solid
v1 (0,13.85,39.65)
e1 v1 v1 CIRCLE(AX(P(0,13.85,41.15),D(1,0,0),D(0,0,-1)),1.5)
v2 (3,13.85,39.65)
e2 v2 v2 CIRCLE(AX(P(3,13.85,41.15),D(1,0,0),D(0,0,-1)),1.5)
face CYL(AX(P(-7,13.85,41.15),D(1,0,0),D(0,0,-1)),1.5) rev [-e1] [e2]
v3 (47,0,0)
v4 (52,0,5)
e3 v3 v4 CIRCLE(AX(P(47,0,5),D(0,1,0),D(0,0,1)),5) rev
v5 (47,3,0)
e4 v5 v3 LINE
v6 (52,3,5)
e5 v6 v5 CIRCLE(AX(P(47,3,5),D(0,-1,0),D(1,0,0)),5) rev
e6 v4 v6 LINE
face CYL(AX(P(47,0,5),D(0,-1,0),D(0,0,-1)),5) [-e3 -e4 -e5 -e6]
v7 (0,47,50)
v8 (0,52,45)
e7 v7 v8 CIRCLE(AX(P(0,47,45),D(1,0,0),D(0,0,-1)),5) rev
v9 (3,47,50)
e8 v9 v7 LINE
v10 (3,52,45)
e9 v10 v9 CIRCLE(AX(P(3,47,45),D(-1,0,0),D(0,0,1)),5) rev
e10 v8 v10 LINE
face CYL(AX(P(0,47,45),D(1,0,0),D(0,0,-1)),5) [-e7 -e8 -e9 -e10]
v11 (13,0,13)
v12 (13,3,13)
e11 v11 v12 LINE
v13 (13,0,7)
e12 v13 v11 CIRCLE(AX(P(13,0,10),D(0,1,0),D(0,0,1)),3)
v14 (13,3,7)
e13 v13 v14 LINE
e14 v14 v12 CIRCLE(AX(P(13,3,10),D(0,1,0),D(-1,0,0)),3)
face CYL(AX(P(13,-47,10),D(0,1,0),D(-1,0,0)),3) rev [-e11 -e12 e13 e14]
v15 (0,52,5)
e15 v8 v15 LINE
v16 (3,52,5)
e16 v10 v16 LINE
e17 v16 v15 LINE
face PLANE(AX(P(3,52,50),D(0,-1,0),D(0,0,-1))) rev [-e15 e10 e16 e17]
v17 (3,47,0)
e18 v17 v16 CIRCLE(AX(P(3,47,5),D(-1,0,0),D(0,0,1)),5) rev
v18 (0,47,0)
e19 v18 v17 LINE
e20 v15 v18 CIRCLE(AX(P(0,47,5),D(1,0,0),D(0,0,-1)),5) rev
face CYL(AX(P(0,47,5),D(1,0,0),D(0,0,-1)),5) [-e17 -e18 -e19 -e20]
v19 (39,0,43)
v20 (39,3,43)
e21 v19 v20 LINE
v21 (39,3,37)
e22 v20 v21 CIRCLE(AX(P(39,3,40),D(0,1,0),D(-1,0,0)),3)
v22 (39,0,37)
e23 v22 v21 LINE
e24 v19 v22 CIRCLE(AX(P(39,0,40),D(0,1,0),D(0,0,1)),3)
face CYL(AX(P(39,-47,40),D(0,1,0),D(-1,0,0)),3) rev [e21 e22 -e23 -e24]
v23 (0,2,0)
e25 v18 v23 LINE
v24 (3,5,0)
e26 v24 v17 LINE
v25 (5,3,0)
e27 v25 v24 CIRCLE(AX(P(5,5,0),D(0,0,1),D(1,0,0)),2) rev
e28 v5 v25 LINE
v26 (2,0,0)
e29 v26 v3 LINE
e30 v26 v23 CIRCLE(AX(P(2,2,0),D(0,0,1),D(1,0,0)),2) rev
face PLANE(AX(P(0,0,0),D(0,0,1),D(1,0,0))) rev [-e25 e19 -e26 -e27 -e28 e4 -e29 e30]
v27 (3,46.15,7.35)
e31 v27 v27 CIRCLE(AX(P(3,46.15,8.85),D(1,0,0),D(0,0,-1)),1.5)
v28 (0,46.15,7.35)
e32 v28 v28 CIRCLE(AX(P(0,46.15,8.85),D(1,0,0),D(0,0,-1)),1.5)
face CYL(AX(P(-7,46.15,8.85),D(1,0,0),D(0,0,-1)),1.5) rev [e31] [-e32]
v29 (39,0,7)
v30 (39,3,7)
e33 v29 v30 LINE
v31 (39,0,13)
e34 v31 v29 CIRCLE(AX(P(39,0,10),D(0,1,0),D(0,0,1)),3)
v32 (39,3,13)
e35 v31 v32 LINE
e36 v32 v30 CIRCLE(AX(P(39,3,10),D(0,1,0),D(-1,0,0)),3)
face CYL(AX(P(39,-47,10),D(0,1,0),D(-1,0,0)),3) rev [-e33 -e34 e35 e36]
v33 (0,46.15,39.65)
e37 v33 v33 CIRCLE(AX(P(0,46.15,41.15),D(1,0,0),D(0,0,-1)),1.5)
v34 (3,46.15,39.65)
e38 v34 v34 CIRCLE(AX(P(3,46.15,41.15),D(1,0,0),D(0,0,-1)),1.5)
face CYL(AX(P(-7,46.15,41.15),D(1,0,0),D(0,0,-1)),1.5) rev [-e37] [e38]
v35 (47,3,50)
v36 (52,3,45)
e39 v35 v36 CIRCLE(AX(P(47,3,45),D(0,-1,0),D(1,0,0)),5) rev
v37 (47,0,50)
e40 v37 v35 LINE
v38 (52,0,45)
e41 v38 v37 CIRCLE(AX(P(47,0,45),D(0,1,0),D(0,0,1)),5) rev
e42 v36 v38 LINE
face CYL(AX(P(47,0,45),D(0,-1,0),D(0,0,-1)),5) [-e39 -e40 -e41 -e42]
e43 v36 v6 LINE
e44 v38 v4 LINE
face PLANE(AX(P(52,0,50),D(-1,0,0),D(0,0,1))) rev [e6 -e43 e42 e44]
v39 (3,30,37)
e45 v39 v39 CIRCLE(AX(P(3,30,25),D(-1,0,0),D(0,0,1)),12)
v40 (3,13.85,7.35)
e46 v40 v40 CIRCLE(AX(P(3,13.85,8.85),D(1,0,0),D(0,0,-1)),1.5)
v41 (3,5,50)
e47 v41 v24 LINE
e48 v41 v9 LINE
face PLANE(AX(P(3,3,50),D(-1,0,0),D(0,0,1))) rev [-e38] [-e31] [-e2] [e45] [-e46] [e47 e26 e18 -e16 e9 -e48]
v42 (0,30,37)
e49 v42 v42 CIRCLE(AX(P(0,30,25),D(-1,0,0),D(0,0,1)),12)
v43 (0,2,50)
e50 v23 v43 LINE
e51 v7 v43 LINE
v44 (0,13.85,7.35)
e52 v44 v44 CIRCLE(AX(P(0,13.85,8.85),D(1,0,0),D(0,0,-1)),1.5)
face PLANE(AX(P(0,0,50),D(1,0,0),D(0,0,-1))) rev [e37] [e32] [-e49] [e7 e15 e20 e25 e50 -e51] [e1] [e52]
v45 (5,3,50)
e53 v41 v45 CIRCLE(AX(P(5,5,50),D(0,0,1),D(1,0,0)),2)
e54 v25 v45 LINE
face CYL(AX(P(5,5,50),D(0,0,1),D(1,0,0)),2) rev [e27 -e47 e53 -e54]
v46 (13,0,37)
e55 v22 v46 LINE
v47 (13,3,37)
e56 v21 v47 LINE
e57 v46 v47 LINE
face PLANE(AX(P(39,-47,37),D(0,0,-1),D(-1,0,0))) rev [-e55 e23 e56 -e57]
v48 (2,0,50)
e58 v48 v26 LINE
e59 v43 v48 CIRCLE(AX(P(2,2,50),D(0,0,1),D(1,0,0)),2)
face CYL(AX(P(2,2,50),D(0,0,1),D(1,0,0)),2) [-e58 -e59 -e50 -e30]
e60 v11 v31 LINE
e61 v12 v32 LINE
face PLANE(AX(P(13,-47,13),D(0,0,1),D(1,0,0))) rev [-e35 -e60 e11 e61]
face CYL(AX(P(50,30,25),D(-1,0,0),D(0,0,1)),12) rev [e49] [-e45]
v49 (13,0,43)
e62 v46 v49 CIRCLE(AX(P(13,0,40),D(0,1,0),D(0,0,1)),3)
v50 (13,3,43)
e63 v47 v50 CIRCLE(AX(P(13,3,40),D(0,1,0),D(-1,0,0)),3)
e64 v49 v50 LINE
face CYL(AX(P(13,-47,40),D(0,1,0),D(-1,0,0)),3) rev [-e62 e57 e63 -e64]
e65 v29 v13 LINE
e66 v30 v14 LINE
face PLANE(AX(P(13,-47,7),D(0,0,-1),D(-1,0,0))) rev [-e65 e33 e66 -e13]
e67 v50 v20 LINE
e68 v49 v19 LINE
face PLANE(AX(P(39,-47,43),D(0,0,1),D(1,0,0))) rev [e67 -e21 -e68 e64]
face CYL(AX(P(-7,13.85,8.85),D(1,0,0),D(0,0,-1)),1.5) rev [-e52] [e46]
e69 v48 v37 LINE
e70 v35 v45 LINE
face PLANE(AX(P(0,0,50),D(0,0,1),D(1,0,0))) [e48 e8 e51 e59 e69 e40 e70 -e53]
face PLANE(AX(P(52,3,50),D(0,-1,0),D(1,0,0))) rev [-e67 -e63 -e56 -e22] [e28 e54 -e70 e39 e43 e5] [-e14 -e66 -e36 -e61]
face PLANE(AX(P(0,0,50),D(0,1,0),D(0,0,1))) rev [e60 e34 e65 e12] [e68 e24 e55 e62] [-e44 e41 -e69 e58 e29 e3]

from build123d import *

# Parameters (mm, degrees)
BOSS_EXTRUDE1_DEPTH = 50
FILLET1_R           = 2
FILLET2_R           = 5
FILLET3_R           = 5
FILLET4_R           = 5
FILLET5_R           = 5
FILLET6_R           = 2
CUT_EXTRUDE1_DEPTH  = 50
SKETCH3_R           = 12
CUT_EXTRUDE2_DEPTH  = 50
SKETCH4_R           = 1.5
CUT_EXTRUDE3_DEPTH  = 10


with BuildPart() as part:
    # Sketch1 → Boss-Extrude1 (new body)
    with BuildSketch(Plane.XY):
        Polygon((0, 0), (52, 0), (52, 3), (3, 3), (3, 52), (0, 52), align=None)
    extrude(amount=BOSS_EXTRUDE1_DEPTH)

    # Fillet1
    fillet1_edges = [part.edges().sort_by_distance(p)[0] for p in [
        (0, 0, 25),
    ]]
    fillet(fillet1_edges, radius=FILLET1_R)

    # Fillet2
    fillet2_edges = [part.edges().sort_by_distance(p)[0] for p in [
        (1.5, 52, 50),
    ]]
    fillet(fillet2_edges, radius=FILLET2_R)

    # Fillet3
    fillet3_edges = [part.edges().sort_by_distance(p)[0] for p in [
        (52, 1.5, 50),
    ]]
    fillet(fillet3_edges, radius=FILLET3_R)

    # Fillet4
    fillet4_edges = [part.edges().sort_by_distance(p)[0] for p in [
        (52, 1.5, 0),
    ]]
    fillet(fillet4_edges, radius=FILLET4_R)

    # Fillet5
    fillet5_edges = [part.edges().sort_by_distance(p)[0] for p in [
        (1.5, 52, 0),
    ]]
    fillet(fillet5_edges, radius=FILLET5_R)

    # Fillet6
    fillet6_edges = [part.edges().sort_by_distance(p)[0] for p in [
        (3, 3, 25),
    ]]
    fillet(fillet6_edges, radius=FILLET6_R)

    # Sketch2 → Cut-Extrude1 (cut)
    with BuildSketch(Plane(origin=(0, 3, 0), x_dir=(1, 0, 0), z_dir=(0, 1, 0))):
        with BuildLine():
            Line((39, -43), (13, -43))
            ThreePointArc((13, -43), (10, -40), (13, -37))
            Line((13, -37), (39, -37))
            ThreePointArc((39, -37), (42, -40), (39, -43))
        make_face()
        with BuildLine():
            Line((13, -7), (39, -7))
            ThreePointArc((39, -7), (42, -10), (39, -13))
            Line((39, -13), (13, -13))
            ThreePointArc((13, -13), (10, -10), (13, -7))
        make_face()
    extrude(amount=-CUT_EXTRUDE1_DEPTH, mode=Mode.SUBTRACT)

    # Sketch3 → Cut-Extrude2 (cut)
    with BuildSketch(Plane.ZY):
        with Locations((25, 30)):
            Circle(SKETCH3_R)
    extrude(amount=-CUT_EXTRUDE2_DEPTH, mode=Mode.SUBTRACT)

    # Sketch4 → Cut-Extrude3 (cut)
    with BuildSketch(Plane(origin=(3, 0, 0), x_dir=(0, 0, -1), z_dir=(1, 0, 0))):
        with Locations((-8.85, 46.15)):
            Circle(SKETCH4_R)
        with Locations((-41.15, 46.15)):
            Circle(SKETCH4_R)
        with Locations((-8.85, 13.85)):
            Circle(SKETCH4_R)
        with Locations((-41.15, 13.85)):
            Circle(SKETCH4_R)
    extrude(amount=-CUT_EXTRUDE3_DEPTH, mode=Mode.SUBTRACT)


solid = part.part
